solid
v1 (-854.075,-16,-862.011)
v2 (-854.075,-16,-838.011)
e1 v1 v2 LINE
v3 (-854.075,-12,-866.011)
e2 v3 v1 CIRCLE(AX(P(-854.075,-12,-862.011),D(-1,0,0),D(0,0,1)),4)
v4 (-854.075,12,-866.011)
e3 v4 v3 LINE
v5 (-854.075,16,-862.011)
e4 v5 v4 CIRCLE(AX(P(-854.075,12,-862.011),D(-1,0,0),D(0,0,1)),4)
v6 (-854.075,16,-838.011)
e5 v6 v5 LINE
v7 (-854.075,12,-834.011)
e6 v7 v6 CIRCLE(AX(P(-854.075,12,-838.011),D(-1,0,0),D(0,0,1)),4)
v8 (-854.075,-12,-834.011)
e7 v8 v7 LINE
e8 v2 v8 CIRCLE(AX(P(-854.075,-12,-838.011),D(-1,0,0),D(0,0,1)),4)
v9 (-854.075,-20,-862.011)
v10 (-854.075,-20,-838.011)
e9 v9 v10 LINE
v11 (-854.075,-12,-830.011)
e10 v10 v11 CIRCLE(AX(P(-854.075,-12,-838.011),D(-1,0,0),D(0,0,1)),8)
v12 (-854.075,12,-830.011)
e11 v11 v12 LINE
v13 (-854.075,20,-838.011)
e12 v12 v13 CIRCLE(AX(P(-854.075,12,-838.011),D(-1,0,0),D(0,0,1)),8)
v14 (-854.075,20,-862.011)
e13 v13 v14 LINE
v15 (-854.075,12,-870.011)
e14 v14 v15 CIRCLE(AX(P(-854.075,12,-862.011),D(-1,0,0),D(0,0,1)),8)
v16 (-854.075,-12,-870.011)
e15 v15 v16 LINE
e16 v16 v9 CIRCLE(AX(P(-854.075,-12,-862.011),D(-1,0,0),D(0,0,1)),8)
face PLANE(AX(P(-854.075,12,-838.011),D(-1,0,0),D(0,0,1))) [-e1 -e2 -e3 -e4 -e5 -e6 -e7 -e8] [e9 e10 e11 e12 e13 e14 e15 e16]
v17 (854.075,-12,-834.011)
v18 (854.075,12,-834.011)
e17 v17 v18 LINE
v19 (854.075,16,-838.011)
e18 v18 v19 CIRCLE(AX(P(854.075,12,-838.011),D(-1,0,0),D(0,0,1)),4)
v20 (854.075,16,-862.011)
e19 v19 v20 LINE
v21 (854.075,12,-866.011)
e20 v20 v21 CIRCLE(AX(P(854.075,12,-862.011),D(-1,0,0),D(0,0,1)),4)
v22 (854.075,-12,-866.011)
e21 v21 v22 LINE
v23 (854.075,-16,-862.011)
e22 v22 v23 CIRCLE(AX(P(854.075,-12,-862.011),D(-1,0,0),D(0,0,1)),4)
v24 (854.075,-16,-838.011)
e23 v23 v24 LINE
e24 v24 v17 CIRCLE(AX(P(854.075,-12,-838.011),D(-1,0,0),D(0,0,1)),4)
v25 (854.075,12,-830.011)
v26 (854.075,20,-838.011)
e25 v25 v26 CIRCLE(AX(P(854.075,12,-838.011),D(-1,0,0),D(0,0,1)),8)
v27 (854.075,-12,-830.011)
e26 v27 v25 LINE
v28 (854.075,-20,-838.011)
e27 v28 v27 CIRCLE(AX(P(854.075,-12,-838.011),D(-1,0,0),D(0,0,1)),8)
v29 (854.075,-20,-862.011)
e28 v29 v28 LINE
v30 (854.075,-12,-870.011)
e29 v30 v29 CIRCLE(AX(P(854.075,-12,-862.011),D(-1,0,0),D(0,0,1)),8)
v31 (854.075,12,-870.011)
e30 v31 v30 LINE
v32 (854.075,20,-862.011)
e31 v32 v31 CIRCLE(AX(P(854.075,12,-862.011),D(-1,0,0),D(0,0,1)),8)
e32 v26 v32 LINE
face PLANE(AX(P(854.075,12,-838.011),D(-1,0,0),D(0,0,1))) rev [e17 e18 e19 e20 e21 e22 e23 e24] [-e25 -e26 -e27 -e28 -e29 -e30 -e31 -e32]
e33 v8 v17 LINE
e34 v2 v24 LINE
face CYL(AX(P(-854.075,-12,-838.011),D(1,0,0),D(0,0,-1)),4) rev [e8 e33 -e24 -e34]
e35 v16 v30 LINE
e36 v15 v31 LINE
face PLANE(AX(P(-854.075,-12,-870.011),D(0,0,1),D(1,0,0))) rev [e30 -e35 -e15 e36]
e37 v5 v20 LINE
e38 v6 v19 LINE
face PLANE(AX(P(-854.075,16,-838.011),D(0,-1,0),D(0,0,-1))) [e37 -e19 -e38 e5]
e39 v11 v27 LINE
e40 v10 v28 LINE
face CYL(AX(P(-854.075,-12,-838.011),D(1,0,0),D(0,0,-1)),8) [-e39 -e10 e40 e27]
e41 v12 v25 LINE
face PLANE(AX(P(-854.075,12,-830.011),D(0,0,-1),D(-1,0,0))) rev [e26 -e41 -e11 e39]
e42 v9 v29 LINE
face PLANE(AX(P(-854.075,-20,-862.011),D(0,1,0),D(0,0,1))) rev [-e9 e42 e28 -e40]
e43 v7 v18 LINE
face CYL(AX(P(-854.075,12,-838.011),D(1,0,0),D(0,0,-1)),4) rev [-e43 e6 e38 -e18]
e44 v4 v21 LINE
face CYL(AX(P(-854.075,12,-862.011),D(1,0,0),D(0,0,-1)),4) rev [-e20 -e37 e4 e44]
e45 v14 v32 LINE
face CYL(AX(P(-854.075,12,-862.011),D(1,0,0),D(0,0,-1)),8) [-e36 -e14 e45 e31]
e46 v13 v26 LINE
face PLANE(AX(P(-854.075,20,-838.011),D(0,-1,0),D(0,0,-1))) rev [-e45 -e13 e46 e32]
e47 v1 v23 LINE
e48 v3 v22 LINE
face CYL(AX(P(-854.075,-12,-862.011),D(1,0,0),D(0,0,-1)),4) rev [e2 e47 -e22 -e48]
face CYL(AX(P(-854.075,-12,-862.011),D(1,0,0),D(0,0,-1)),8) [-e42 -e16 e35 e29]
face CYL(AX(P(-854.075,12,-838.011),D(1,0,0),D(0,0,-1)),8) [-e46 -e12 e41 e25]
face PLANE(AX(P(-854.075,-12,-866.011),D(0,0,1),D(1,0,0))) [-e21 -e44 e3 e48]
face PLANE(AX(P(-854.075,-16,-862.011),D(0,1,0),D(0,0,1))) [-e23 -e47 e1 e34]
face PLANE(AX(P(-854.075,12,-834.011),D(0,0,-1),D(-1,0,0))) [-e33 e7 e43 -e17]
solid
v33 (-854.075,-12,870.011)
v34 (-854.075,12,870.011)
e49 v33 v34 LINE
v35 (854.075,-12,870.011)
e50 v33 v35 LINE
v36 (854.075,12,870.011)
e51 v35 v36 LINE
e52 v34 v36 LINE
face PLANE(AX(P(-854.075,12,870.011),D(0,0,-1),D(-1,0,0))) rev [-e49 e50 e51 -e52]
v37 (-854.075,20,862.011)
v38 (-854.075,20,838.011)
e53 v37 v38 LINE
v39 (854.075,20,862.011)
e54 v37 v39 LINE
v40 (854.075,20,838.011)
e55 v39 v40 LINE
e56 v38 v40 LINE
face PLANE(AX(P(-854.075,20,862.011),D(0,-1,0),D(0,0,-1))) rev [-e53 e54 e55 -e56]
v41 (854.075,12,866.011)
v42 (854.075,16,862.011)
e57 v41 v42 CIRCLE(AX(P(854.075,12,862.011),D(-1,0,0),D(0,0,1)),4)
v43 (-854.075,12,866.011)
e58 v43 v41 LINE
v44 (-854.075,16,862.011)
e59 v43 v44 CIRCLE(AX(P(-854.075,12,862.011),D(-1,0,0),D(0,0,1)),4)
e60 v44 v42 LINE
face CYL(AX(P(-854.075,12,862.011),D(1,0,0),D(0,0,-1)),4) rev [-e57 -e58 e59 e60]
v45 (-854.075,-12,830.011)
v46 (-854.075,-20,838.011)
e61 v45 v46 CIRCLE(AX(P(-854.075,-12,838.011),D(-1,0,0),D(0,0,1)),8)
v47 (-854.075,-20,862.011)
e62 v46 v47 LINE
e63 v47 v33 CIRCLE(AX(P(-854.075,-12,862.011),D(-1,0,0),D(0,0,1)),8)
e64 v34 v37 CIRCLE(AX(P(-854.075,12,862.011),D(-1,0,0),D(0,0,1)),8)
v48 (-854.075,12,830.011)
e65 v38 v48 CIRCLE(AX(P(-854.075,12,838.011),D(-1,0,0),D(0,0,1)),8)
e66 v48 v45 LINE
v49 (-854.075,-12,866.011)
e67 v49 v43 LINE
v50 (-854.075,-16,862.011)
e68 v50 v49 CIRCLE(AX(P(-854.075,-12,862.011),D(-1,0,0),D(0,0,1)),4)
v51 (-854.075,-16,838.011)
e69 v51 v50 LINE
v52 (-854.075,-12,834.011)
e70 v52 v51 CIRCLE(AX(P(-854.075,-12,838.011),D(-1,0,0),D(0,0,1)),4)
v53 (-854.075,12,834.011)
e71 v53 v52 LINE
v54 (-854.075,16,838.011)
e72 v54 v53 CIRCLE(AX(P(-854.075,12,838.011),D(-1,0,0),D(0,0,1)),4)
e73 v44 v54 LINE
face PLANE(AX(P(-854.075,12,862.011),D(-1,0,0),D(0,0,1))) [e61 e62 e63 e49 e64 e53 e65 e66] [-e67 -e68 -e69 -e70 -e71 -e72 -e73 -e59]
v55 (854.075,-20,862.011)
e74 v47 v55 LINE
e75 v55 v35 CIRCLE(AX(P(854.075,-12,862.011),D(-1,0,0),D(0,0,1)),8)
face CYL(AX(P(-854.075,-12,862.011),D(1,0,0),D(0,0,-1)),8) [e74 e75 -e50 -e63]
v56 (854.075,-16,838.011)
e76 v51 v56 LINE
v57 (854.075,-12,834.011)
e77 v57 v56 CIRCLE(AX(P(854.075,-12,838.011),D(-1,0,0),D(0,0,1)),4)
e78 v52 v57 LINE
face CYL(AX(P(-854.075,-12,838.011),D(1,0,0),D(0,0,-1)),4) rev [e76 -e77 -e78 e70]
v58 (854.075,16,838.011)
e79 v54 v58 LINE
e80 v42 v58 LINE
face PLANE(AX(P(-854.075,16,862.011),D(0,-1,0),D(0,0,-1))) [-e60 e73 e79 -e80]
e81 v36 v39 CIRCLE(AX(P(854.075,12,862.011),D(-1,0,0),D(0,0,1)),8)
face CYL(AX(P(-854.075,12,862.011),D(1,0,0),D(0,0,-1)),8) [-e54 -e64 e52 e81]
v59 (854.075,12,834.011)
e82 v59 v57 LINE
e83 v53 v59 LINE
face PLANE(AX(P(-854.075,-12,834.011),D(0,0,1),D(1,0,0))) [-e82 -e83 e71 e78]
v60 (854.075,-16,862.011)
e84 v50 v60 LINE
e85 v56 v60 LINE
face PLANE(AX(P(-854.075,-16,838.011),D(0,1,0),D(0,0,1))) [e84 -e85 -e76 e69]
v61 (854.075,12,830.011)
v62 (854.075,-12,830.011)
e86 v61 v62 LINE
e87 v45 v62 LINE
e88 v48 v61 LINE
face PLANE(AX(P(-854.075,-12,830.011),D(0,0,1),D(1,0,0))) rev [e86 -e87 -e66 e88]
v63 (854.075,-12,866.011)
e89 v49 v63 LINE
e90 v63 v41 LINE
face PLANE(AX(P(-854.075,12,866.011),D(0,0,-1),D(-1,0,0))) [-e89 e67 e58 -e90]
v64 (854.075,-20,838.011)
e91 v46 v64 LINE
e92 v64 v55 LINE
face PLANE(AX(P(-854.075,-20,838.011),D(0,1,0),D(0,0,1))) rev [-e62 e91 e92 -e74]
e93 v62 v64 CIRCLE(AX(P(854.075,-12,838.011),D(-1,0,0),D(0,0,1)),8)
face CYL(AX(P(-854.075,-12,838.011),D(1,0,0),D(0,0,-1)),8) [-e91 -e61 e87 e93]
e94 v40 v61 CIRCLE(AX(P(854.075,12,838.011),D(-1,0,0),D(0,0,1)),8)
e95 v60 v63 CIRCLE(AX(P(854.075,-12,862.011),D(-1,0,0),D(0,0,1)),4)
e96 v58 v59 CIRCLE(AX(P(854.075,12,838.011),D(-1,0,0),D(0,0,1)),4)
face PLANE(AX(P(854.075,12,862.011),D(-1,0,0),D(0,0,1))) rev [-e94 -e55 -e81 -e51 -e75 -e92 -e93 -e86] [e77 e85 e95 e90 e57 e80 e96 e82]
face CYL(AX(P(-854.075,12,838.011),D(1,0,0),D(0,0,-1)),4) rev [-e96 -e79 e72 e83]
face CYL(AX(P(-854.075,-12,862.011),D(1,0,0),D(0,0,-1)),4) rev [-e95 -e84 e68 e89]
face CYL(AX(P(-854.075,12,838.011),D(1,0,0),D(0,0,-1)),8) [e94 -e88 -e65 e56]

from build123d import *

# Parameters (mm, degrees)
SQUARE_TUBE_40_X_40_X_4_1_DEPTH   = 1708.15
SQUARE_TUBE_40_X_40_X_4_1_2_DEPTH = 1708.15


with BuildPart() as part:
    # Sketch12 → Square tube 40 X 40 X 4(1) (new body)
    with BuildSketch(Plane(origin=(854.075, 0, -850.011), x_dir=(0, 0, 1), z_dir=(-1, 0, 0))):
        with BuildLine():
            Line((-12, -20), (12, -20))
            ThreePointArc((12, -20), (17.656854249, -17.656854249), (20, -12))
            Line((20, -12), (20, 12))
            ThreePointArc((20, 12), (17.656854249, 17.656854249), (12, 20))
            Line((12, 20), (-12, 20))
            ThreePointArc((-12, 20), (-17.656854249, 17.656854249), (-20, 12))
            Line((-20, 12), (-20, -12))
            ThreePointArc((-20, -12), (-17.656854249, -17.656854249), (-12, -20))
        make_face()
        with BuildLine():
            Line((-12, -16), (12, -16))
            ThreePointArc((12, -16), (14.828427125, -14.828427125), (16, -12))
            Line((16, -12), (16, 12))
            ThreePointArc((16, 12), (14.828427125, 14.828427125), (12, 16))
            Line((12, 16), (-12, 16))
            ThreePointArc((-12, 16), (-14.828427125, 14.828427125), (-16, 12))
            Line((-16, 12), (-16, -12))
            ThreePointArc((-16, -12), (-14.828427125, -14.828427125), (-12, -16))
        make_face(mode=Mode.SUBTRACT)
    extrude(amount=SQUARE_TUBE_40_X_40_X_4_1_DEPTH)


with BuildPart() as body_2:
    # Sketch12 on segment 2 (carried to segment 2) → Square tube 40 X 40 X 4_1 2 (new body)
    with BuildSketch(Plane(origin=(854.075, 0, 850.011), x_dir=(0, 0, 1), z_dir=(-1, 0, 0))):
        with BuildLine():
            Line((-12, -20), (12, -20))
            ThreePointArc((12, -20), (17.656854249, -17.656854249), (20, -12))
            Line((20, -12), (20, 12))
            ThreePointArc((20, 12), (17.656854249, 17.656854249), (12, 20))
            Line((12, 20), (-12, 20))
            ThreePointArc((-12, 20), (-17.656854249, 17.656854249), (-20, 12))
            Line((-20, 12), (-20, -12))
            ThreePointArc((-20, -12), (-17.656854249, -17.656854249), (-12, -20))
        make_face()
        with BuildLine():
            Line((-12, -16), (12, -16))
            ThreePointArc((12, -16), (14.828427125, -14.828427125), (16, -12))
            Line((16, -12), (16, 12))
            ThreePointArc((16, 12), (14.828427125, 14.828427125), (12, 16))
            Line((12, 16), (-12, 16))
            ThreePointArc((-12, 16), (-14.828427125, 14.828427125), (-16, 12))
            Line((-16, 12), (-16, -12))
            ThreePointArc((-16, -12), (-14.828427125, -14.828427125), (-12, -16))
        make_face(mode=Mode.SUBTRACT)
    extrude(amount=SQUARE_TUBE_40_X_40_X_4_1_2_DEPTH)


solid = Compound([part.part, body_2.part])
